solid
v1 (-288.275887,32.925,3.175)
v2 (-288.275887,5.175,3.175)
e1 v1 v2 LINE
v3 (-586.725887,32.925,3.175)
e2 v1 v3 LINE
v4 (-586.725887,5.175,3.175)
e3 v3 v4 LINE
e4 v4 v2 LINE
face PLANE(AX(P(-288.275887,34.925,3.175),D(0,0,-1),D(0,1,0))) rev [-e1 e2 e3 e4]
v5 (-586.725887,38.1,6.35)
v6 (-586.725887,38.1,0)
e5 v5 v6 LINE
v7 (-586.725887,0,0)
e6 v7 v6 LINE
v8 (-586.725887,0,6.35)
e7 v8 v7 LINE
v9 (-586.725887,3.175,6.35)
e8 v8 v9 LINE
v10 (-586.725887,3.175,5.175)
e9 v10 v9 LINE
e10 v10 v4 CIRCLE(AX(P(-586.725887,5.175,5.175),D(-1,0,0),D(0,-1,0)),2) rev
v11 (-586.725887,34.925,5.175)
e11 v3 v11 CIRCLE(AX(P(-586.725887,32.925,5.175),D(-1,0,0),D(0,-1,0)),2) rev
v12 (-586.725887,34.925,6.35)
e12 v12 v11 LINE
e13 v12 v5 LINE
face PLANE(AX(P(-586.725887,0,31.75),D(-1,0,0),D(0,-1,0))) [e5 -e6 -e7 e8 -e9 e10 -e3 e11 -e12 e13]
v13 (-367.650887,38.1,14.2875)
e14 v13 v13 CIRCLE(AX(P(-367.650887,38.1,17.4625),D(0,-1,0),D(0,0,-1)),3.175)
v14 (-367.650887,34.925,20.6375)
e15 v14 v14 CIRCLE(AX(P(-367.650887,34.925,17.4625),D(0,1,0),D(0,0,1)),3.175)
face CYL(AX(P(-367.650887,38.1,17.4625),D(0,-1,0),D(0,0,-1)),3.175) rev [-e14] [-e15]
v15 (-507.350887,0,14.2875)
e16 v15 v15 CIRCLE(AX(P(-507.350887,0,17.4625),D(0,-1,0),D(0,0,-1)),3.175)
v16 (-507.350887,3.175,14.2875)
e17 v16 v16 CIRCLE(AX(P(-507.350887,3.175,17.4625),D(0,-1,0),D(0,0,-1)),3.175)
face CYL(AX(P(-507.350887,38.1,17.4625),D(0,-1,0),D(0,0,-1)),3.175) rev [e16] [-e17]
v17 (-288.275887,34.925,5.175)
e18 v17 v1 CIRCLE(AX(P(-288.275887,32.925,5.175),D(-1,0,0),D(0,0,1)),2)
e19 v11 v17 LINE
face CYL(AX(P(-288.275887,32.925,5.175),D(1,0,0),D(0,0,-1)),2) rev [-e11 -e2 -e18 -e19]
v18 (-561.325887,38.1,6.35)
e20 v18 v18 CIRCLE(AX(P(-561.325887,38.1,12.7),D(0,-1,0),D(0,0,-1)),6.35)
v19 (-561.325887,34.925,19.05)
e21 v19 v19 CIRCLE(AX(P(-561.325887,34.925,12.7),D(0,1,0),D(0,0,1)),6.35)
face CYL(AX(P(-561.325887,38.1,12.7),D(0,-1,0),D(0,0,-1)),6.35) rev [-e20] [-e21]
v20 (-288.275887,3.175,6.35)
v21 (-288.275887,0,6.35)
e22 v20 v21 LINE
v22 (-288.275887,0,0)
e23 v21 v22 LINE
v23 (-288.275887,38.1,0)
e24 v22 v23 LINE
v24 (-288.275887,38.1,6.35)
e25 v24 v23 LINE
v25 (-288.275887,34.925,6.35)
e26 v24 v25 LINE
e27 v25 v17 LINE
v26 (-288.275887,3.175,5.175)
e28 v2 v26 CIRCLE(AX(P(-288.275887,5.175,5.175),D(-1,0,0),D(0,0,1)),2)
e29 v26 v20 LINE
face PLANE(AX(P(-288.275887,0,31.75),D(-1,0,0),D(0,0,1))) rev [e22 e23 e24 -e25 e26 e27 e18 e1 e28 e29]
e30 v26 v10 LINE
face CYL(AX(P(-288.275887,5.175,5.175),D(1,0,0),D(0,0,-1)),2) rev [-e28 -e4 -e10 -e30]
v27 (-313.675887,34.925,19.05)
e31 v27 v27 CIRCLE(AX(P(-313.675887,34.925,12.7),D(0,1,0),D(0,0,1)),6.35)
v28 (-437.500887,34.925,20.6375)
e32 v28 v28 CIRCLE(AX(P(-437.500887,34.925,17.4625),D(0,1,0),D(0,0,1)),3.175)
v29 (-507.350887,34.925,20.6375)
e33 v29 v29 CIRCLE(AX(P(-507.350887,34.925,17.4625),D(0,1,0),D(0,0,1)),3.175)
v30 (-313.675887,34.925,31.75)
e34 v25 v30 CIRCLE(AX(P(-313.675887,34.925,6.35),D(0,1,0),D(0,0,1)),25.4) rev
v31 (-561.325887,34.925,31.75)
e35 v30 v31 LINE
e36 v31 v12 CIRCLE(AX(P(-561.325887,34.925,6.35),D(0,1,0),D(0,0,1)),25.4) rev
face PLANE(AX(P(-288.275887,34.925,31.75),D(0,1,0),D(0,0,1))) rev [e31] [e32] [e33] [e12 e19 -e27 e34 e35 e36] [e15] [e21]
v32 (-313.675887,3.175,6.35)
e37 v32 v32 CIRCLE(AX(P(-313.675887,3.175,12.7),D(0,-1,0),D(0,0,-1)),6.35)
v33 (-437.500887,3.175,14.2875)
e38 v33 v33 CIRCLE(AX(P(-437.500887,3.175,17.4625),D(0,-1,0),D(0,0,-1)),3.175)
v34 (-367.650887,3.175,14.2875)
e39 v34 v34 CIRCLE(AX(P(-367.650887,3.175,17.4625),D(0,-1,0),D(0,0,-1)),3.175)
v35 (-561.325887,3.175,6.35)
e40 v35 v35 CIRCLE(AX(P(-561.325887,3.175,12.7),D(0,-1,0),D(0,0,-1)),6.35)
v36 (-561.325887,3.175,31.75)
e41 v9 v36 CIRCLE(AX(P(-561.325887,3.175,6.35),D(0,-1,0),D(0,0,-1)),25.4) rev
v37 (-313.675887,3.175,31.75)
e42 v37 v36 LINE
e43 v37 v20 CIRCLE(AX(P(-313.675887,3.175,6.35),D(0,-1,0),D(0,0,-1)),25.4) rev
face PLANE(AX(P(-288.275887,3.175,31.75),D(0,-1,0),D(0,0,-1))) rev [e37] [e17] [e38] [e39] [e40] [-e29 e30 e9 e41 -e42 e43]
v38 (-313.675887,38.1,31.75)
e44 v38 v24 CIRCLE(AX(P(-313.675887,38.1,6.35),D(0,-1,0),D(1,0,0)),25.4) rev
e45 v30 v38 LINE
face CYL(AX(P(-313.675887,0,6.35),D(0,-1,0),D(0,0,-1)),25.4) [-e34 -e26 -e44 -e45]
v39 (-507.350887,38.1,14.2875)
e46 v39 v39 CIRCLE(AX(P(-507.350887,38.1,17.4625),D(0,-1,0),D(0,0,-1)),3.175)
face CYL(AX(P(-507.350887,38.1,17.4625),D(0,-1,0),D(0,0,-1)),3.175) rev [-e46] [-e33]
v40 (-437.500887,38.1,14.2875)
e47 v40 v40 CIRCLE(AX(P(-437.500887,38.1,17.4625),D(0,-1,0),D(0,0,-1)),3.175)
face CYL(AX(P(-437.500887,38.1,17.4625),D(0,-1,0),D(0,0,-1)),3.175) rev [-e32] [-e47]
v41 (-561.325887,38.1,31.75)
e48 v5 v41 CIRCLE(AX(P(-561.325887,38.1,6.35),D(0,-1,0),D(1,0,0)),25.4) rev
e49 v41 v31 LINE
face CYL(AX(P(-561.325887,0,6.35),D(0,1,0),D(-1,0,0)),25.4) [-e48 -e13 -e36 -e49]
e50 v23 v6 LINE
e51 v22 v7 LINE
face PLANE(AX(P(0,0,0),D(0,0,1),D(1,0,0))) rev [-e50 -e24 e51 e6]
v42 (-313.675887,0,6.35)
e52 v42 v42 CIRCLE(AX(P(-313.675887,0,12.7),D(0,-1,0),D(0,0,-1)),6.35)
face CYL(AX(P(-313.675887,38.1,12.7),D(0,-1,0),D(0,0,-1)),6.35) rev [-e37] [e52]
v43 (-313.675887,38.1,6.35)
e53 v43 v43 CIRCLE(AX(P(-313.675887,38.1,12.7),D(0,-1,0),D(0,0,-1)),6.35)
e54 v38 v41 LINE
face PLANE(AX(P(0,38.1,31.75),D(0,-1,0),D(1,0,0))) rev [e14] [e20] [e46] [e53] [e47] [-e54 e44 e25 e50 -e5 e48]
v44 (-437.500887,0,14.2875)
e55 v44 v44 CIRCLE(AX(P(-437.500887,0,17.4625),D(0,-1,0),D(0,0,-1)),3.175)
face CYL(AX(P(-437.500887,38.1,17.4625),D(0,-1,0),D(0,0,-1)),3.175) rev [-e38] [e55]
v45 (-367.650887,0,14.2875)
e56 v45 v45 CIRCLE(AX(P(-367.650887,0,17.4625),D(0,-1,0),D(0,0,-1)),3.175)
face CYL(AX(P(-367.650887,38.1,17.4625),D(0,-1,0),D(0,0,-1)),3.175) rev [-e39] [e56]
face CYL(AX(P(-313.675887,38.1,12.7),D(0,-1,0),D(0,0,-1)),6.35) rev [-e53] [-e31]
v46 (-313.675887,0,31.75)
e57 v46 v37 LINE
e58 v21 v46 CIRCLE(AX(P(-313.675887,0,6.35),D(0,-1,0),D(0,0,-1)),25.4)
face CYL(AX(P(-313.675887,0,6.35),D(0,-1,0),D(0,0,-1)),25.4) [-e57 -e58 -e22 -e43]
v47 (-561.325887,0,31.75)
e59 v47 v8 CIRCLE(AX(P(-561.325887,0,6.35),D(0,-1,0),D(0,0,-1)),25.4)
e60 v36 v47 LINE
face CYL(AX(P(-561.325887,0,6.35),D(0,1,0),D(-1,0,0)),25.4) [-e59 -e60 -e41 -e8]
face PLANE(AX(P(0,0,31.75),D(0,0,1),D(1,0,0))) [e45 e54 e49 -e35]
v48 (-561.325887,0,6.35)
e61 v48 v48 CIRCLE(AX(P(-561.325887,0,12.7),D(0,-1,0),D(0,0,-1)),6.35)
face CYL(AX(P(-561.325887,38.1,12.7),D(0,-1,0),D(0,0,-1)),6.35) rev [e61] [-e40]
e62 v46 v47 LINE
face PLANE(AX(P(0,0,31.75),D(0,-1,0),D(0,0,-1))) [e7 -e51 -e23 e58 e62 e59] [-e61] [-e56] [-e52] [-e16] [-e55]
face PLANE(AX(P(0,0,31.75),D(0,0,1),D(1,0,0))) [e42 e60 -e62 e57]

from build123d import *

# Parameters (mm, degrees)
SKETCH1_W           = 50.8
SKETCH1_H           = 38.1
SKETCH1_W_2         = 196.85
BOSS_EXTRUDE1_DEPTH = 31.75
SKETCH2_W           = 28.575
SKETCH2_H           = 31.75
CUT_EXTRUDE1_DEPTH  = 299.45
SKETCH3_R           = 6.35
CUT_EXTRUDE2_DEPTH  = 39.1
FILLET1_R           = 25.4
SKETCH4_R           = 3.175
CUT_EXTRUDE3_DEPTH  = 39.1
FILLET2_R           = 2


with BuildPart() as part:
    # Sketch1 → Boss-Extrude1 (new body)
    with BuildSketch(Plane.XY):
        with Locations((-561.325887252, 19.05)):
            Rectangle(SKETCH1_W, SKETCH1_H)
        with Locations((-437.500887252, 19.05)):
            Rectangle(SKETCH1_W_2, SKETCH1_H)
        with Locations((-313.675887252, 19.05)):
            Rectangle(SKETCH1_W, SKETCH1_H)
    extrude(amount=BOSS_EXTRUDE1_DEPTH)

    # Sketch2 → Cut-Extrude1 (cut, through all)
    with BuildSketch(Plane.ZY.offset(586.725887252)):
        with Locations((17.4625, 19.05)):
            Rectangle(SKETCH2_W, SKETCH2_H)
    extrude(amount=-CUT_EXTRUDE1_DEPTH, mode=Mode.SUBTRACT)

    # Sketch3 → Cut-Extrude2 (cut, through all)
    with BuildSketch(Plane.XZ):
        with Locations((-561.325887252, 12.7)):
            Circle(SKETCH3_R)
        with Locations((-313.675887252, 12.7)):
            Circle(SKETCH3_R)
    extrude(amount=-CUT_EXTRUDE2_DEPTH, mode=Mode.SUBTRACT)

    # Fillet1
    fillet1_edges = [part.edges().sort_by_distance(p)[0] for p in [
        (-586.725887252, 36.5125, 31.75),
        (-288.275887252, 1.5875, 31.75),
        (-288.275887252, 36.5125, 31.75),
        (-586.725887252, 1.5875, 31.75),
    ]]
    fillet(fillet1_edges, radius=FILLET1_R)

    # Sketch4 → Cut-Extrude3 (cut, through all)
    with BuildSketch(Plane.XZ):
        with Locations((-507.350887252, 17.4625)):
            Circle(SKETCH4_R)
        with Locations((-437.500887252, 17.4625)):
            Circle(SKETCH4_R)
        with Locations((-367.650887252, 17.4625)):
            Circle(SKETCH4_R)
    extrude(amount=-CUT_EXTRUDE3_DEPTH, mode=Mode.SUBTRACT)

    # Fillet2
    fillet2_edges = [part.edges().sort_by_distance(p)[0] for p in [
        (-437.500887252, 3.175, 3.175),
        (-437.500887252, 34.925, 3.175),
    ]]
    fillet(fillet2_edges, radius=FILLET2_R)


solid = part.part
